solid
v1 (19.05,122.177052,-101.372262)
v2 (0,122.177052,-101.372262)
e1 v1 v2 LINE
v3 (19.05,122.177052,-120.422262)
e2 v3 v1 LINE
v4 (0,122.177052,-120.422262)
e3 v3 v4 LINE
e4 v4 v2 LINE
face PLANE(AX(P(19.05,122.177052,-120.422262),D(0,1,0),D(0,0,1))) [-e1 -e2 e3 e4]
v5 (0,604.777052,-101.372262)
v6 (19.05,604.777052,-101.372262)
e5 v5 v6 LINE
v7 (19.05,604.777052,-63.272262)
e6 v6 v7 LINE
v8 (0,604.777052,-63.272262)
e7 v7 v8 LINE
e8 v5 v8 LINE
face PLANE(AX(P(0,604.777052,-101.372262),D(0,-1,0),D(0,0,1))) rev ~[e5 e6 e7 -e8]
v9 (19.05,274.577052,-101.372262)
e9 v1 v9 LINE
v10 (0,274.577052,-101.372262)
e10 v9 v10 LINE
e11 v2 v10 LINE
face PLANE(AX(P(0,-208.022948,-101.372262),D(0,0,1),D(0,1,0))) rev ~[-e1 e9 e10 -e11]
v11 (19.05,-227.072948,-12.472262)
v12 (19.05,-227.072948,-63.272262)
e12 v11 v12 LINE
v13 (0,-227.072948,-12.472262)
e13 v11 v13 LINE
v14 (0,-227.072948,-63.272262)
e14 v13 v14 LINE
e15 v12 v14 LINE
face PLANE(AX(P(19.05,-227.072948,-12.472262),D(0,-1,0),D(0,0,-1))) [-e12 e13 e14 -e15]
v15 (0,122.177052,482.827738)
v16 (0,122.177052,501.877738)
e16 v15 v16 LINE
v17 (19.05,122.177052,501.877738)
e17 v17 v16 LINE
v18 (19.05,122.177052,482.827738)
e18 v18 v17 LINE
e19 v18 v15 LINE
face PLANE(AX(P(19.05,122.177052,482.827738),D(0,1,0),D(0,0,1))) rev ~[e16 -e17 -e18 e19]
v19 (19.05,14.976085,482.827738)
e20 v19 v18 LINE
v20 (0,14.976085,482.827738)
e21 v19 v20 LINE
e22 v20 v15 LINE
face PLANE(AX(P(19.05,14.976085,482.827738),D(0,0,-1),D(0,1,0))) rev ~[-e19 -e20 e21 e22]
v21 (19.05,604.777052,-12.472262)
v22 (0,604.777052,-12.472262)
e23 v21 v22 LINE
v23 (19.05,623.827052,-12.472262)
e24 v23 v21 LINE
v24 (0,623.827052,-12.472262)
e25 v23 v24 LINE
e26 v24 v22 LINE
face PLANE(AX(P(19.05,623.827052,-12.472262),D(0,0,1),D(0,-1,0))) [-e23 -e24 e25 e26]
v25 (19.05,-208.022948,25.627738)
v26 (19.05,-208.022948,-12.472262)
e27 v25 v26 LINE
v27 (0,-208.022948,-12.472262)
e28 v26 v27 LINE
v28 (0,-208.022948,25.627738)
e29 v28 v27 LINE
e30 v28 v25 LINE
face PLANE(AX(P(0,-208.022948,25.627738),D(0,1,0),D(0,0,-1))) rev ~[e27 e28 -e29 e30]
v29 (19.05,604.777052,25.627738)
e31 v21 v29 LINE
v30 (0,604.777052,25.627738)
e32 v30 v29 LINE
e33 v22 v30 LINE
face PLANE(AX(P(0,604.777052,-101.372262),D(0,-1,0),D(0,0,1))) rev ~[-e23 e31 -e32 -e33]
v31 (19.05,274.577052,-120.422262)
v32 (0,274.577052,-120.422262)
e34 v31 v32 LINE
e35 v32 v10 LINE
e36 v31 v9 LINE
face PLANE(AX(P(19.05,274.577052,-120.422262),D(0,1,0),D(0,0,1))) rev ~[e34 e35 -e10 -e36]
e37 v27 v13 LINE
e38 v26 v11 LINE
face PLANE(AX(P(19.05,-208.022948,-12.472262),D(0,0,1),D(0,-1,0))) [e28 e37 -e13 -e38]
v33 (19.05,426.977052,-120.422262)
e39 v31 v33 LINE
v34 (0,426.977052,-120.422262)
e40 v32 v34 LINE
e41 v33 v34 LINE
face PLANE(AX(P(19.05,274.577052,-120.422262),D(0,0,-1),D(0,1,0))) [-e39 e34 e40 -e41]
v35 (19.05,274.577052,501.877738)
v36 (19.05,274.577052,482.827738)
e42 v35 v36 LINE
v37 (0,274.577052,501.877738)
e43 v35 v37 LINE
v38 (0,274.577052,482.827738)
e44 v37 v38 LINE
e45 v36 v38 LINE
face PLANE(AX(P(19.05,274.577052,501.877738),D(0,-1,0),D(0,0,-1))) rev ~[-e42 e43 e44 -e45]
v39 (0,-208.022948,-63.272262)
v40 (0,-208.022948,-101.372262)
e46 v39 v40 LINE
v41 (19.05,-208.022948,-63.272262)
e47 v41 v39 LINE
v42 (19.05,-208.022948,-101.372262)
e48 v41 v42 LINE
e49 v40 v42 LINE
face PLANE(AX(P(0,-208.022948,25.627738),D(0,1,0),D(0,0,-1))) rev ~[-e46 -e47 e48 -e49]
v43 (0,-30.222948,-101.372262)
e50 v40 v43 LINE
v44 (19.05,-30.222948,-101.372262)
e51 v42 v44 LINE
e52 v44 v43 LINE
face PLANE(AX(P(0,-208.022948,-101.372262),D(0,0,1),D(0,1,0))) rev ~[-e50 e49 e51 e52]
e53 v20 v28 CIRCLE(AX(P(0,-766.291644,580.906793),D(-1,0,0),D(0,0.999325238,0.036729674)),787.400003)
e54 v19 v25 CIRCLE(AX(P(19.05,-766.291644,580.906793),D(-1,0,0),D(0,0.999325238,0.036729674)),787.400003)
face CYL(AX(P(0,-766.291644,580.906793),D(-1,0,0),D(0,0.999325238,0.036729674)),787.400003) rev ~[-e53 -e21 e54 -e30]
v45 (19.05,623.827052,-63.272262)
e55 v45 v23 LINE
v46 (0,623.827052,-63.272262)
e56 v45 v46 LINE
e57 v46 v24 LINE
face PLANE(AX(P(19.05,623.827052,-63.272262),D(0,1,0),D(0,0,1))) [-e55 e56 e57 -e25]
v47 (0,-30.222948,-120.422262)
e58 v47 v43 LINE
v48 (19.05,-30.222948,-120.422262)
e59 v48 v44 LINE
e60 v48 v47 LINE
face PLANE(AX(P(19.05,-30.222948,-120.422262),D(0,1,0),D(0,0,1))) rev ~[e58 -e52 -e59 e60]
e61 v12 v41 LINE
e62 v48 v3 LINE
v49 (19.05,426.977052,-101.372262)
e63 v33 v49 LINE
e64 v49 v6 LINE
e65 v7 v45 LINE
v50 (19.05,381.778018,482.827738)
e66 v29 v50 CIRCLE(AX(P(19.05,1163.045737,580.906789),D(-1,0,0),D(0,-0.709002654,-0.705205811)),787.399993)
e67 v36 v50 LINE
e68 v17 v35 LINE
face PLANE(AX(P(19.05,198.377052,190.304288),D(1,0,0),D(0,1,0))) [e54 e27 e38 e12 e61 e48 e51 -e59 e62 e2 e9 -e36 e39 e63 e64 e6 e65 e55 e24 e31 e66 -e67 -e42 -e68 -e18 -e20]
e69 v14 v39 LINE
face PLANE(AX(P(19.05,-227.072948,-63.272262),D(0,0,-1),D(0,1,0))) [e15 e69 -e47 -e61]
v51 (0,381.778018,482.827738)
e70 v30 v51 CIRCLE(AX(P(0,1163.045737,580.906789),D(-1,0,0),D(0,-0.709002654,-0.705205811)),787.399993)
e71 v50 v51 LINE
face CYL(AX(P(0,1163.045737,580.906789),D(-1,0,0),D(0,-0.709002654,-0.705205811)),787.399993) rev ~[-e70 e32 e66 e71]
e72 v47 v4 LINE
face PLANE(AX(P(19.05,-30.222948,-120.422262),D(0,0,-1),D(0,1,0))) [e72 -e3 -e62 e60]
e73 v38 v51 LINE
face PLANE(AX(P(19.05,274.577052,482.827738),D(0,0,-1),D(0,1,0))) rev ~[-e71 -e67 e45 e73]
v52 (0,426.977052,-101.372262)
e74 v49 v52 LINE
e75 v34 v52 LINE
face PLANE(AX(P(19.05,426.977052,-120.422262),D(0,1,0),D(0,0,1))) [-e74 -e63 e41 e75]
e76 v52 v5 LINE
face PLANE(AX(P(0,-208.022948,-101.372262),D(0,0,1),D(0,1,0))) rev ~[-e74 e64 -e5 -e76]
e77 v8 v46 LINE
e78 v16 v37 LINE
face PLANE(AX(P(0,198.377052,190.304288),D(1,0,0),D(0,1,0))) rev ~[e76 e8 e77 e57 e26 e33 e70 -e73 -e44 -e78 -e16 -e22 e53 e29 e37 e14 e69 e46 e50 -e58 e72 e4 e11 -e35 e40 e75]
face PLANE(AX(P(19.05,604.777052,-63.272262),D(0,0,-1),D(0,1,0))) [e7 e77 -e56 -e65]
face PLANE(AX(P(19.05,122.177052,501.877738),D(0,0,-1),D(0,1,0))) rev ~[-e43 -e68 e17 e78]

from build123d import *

# Parameters (mm, degrees)
F1_DEPTH = 19.05
F2_W     = 152.4
F2_H     = 19.05
F3_DEPTH = 19.05
F4_DEPTH = 19.05
F6_DEPTH = 19.051


with BuildPart() as f1:
    # F0 (on Right) → F1 (new body)
    with BuildSketch(Plane.YZ):
        with BuildLine():
            Line((-208.022948, 25.627738), (-208.022948, -101.372262))
            Line((-208.022948, -101.372262), (604.777052, -101.372262))
            Line((604.777052, -101.372262), (604.777052, 25.627738))
            ThreePointArc((604.777052, 25.627738), (429.785179, 293.978744), (376.177052, 609.827738))
            Line((376.177052, 609.827738), (198.377052, 609.827738))
            Line((198.377052, 609.827738), (20.577052, 609.827738))
            ThreePointArc((20.577052, 609.827738), (-33.031076, 293.978744), (-208.022948, 25.627738))
        make_face()
    extrude(amount=F1_DEPTH)

    # F2 (on face) → F3 (join)
    with BuildSketch(Plane.YZ.offset(19.05)):
        Polygon((274.577052, 628.877738), (198.377052, 628.877738), (122.177052, 628.877738), (122.177052, 609.827738), (274.577052, 609.827738), align=None)
        Polygon((-227.072948, -12.472262), (-227.072948, -37.872262), (-227.072948, -63.272262), (-208.022948, -63.272262), (-208.022948, -12.472262), align=None)
        with Locations((45.977052, -110.897262)):
            Rectangle(F2_W, F2_H)
        with Locations((350.777052, -110.897262)):
            Rectangle(F2_W, F2_H)
        Polygon((623.827052, -63.272262), (623.827052, -37.872262), (623.827052, -12.472262), (604.777052, -12.472262), (604.777052, -63.272262), align=None)
    extrude(amount=-F3_DEPTH)

    # F0 (on Right) → F4 (join)
    with BuildSketch(Plane.YZ):
        with BuildLine():
            Line((-208.022948, 25.627738), (-208.022948, -101.372262))
            Line((-208.022948, -101.372262), (604.777052, -101.372262))
            Line((604.777052, -101.372262), (604.777052, 25.627738))
            ThreePointArc((604.777052, 25.627738), (429.785179, 293.978744), (376.177052, 609.827738))
            Line((376.177052, 609.827738), (198.377052, 609.827738))
            Line((198.377052, 609.827738), (20.577052, 609.827738))
            ThreePointArc((20.577052, 609.827738), (-33.031076, 293.978744), (-208.022948, 25.627738))
        make_face()
    extrude(amount=F4_DEPTH)

    # F5 (on face) → F6 (cut, through all)
    with BuildSketch(Plane.YZ.offset(19.05)):
        with BuildLine():
            ThreePointArc((20.577052, 609.827738), (20.34373, 546.21452), (14.976085, 482.827738))
            Line((14.976085, 482.827738), (122.177052, 482.827738))
            Line((122.177052, 482.827738), (122.177052, 501.877738))
            Line((122.177052, 501.877738), (274.577052, 501.877738))
            Line((274.577052, 501.877738), (274.577052, 482.827738))
            Line((274.577052, 482.827738), (381.778018, 482.827738))
            ThreePointArc((381.778018, 482.827738), (376.410373, 546.21452), (376.177052, 609.827738))
            Line((376.177052, 609.827738), (274.577052, 609.827738))
            Line((274.577052, 609.827738), (274.577052, 628.877738))
            Line((274.577052, 628.877738), (122.177052, 628.877738))
            Line((122.177052, 628.877738), (122.177052, 609.827738))
            Line((122.177052, 609.827738), (20.577052, 609.827738))
        make_face()
    extrude(amount=-F6_DEPTH, mode=Mode.SUBTRACT)


solid = f1.part
